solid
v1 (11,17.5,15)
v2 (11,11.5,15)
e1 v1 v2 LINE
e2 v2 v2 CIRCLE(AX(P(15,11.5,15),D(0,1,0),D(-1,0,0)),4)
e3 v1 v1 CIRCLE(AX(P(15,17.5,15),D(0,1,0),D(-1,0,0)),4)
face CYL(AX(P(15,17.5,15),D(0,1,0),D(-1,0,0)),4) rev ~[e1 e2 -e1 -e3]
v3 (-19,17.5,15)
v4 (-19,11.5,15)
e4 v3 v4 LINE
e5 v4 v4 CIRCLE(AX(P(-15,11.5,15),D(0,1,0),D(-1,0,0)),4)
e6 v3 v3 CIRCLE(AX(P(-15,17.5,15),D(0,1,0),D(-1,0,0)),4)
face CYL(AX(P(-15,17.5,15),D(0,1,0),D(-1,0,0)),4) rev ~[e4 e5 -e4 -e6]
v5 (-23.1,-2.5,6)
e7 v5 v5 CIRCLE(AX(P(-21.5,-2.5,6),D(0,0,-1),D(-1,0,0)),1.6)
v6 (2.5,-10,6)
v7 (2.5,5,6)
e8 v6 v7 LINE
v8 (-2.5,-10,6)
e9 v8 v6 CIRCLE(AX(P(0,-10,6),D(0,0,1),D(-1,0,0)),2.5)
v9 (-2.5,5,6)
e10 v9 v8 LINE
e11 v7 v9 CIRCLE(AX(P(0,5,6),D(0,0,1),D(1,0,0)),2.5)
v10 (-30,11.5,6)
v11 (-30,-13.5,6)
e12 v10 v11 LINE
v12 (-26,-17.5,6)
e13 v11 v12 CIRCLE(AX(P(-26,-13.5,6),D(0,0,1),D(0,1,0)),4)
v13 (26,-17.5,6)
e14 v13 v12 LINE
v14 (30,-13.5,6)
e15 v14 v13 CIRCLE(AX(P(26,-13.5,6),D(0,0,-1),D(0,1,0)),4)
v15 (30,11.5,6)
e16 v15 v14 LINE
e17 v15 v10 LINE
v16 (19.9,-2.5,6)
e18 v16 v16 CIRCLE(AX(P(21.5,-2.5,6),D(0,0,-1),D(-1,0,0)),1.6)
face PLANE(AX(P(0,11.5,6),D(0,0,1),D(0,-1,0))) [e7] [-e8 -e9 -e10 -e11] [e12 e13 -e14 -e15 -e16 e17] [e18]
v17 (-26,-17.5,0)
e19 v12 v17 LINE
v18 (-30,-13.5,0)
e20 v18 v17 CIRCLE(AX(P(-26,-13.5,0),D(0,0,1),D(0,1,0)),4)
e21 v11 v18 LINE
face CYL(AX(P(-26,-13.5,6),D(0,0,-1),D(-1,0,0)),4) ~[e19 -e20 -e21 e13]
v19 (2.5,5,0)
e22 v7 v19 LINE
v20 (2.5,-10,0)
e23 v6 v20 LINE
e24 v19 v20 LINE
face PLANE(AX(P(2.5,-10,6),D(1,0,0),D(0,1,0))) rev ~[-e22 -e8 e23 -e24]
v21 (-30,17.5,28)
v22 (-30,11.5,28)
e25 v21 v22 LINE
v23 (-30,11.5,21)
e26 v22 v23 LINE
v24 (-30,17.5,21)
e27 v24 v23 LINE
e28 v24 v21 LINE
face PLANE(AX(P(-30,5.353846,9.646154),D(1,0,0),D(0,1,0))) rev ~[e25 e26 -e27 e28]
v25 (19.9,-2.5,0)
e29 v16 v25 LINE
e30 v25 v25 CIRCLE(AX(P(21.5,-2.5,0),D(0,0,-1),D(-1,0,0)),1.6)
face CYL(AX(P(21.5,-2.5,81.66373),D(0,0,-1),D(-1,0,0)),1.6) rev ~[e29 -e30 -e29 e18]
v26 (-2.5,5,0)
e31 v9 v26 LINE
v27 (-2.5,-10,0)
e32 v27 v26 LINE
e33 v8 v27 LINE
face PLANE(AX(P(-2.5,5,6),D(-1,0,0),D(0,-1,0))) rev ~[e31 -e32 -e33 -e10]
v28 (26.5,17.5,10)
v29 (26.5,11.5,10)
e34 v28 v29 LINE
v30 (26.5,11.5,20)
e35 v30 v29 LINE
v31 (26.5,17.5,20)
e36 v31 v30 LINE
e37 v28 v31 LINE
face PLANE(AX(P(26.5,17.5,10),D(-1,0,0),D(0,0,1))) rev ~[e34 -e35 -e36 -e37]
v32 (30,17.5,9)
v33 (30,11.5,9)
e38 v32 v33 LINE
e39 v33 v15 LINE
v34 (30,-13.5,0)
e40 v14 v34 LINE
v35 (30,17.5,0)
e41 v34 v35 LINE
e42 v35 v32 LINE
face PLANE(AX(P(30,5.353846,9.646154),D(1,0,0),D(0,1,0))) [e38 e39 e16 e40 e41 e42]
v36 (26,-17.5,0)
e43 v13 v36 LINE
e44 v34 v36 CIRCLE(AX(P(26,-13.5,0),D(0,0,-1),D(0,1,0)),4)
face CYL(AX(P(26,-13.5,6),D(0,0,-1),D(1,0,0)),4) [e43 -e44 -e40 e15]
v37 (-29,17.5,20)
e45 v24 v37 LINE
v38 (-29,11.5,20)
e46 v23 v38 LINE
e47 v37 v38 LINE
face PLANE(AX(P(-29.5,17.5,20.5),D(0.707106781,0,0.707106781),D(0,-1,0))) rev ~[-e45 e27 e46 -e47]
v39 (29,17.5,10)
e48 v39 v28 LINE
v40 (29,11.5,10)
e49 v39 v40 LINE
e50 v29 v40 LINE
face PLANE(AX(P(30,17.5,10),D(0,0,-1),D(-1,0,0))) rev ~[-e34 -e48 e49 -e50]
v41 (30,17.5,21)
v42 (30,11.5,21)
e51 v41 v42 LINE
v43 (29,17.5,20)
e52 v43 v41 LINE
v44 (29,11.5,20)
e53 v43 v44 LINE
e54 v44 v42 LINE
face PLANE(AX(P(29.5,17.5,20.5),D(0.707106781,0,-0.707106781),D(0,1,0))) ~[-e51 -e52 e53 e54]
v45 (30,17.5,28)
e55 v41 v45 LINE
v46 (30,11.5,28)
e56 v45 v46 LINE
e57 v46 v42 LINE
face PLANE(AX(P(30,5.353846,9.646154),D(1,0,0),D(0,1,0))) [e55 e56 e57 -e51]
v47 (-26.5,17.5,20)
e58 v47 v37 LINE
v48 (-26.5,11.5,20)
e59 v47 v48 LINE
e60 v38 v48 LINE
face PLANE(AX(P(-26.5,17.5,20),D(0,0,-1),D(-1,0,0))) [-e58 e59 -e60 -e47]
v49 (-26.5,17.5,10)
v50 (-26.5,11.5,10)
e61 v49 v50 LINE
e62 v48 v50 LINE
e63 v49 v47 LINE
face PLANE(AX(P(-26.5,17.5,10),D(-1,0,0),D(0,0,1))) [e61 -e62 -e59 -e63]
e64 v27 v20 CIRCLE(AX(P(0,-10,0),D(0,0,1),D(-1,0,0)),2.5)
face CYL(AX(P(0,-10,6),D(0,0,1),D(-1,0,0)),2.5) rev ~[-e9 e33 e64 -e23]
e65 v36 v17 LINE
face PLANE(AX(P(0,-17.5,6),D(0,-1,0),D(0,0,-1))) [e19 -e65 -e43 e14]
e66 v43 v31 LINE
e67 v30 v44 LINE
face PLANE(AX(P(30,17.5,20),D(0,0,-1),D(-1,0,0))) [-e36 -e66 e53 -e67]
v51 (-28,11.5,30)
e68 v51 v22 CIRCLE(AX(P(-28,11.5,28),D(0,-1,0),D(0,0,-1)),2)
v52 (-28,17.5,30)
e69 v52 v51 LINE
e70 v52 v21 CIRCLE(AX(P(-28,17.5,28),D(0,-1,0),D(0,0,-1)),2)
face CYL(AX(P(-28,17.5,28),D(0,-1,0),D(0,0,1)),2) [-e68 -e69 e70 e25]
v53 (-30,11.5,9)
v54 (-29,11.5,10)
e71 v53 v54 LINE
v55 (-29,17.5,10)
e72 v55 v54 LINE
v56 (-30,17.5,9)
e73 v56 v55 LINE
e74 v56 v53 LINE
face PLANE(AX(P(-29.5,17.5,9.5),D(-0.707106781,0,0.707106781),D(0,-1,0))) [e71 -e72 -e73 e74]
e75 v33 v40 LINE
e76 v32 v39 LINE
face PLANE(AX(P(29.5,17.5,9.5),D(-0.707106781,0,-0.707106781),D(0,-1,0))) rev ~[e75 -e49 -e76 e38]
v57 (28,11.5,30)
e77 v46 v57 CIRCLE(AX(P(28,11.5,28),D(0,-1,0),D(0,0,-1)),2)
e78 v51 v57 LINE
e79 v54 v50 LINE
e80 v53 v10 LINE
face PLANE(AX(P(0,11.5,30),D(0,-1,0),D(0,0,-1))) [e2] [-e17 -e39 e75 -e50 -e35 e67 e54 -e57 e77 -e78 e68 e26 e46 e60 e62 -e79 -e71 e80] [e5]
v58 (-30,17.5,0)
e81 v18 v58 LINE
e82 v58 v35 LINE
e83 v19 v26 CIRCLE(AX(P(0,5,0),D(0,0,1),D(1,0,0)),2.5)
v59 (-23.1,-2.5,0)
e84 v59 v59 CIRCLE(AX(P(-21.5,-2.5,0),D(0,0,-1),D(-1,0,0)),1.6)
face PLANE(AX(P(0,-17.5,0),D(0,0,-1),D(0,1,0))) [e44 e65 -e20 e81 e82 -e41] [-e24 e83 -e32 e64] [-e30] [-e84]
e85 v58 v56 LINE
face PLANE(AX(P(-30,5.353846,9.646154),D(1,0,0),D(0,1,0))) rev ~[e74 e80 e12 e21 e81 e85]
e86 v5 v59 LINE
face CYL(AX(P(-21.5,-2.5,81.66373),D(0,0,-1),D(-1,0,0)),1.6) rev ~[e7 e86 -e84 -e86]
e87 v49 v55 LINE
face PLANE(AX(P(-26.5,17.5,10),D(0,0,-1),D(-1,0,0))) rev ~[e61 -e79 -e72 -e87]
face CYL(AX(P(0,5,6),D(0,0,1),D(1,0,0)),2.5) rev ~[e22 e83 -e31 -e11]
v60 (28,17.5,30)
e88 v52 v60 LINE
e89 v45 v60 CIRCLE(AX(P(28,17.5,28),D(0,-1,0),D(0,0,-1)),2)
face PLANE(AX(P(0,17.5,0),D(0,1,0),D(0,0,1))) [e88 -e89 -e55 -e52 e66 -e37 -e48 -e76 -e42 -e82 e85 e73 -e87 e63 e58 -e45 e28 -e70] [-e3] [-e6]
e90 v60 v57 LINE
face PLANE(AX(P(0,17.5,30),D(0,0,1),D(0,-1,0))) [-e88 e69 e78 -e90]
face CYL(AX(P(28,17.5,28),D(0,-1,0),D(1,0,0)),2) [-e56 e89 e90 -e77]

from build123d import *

# Parameters (mm, degrees)
F1_DEPTH  = 30
F3_D      = 3.2
F4_R      = 4
F4_W      = 3.5
F4_H      = 10
F5_DEPTH  = 35.001
F6_SIZE   = 1
F7_R      = 2
F8_R      = 4
F10_DEPTH = 6.001


with BuildPart() as f1:
    # F0 (on Right) → F1 (new body, symmetric)
    with BuildSketch(Plane.YZ):
        Polygon((-17.5, 0), (17.5, 0), (17.5, 30), (11.5, 30), (11.5, 6), (-17.5, 6), align=None)
    extrude(amount=F1_DEPTH, both=True)

    # F3 (through all)
    with Locations(Plane.XY.offset(6)):
        with Locations((-21.5, -2.5), (21.5, -2.5)):
            Hole(F3_D / 2)

    # F4 (on face) → F5 (cut, through all)
    with BuildSketch(Plane(origin=(0, 17.5, 0), x_dir=(-1, 0, 0), z_dir=(0, 1, 0))):
        with Locations((-15, 15)):
            Circle(F4_R)
        with Locations((15, 15)):
            Circle(F4_R)
        with Locations((28.25, 15)):
            Rectangle(F4_W, F4_H)
        with Locations((-28.25, 15)):
            Rectangle(F4_W, F4_H)
    extrude(amount=-F5_DEPTH, mode=Mode.SUBTRACT)

    # F6
    f6_edges = [f1.edges().sort_by_distance(p)[0] for p in [
        (-30, 14.5, 20),
        (-30, 14.5, 10),
        (30, 14.5, 20),
        (30, 14.5, 10),
    ]]
    chamfer(f6_edges, length=F6_SIZE)

    # F7
    f7_edges = [f1.edges().sort_by_distance(p)[0] for p in [
        (-30, 14.5, 30),
        (30, 14.5, 30),
    ]]
    fillet(f7_edges, radius=F7_R)

    # F8
    f8_edges = [f1.edges().sort_by_distance(p)[0] for p in [
        (-30, -17.5, 3),
        (30, -17.5, 3),
    ]]
    fillet(f8_edges, radius=F8_R)

    # F9 (on face) → F10 (cut, through all)
    with BuildSketch(Plane.XY.offset(6)):
        with BuildLine():
            ThreePointArc((2.5, 5), (0, 7.5), (-2.5, 5))
            Line((-2.5, 5), (-2.5, -10))
            ThreePointArc((-2.5, -10), (0, -12.5), (2.5, -10))
            Line((2.5, -10), (2.5, 5))
        make_face()
    extrude(amount=-F10_DEPTH, mode=Mode.SUBTRACT)


solid = f1.part
